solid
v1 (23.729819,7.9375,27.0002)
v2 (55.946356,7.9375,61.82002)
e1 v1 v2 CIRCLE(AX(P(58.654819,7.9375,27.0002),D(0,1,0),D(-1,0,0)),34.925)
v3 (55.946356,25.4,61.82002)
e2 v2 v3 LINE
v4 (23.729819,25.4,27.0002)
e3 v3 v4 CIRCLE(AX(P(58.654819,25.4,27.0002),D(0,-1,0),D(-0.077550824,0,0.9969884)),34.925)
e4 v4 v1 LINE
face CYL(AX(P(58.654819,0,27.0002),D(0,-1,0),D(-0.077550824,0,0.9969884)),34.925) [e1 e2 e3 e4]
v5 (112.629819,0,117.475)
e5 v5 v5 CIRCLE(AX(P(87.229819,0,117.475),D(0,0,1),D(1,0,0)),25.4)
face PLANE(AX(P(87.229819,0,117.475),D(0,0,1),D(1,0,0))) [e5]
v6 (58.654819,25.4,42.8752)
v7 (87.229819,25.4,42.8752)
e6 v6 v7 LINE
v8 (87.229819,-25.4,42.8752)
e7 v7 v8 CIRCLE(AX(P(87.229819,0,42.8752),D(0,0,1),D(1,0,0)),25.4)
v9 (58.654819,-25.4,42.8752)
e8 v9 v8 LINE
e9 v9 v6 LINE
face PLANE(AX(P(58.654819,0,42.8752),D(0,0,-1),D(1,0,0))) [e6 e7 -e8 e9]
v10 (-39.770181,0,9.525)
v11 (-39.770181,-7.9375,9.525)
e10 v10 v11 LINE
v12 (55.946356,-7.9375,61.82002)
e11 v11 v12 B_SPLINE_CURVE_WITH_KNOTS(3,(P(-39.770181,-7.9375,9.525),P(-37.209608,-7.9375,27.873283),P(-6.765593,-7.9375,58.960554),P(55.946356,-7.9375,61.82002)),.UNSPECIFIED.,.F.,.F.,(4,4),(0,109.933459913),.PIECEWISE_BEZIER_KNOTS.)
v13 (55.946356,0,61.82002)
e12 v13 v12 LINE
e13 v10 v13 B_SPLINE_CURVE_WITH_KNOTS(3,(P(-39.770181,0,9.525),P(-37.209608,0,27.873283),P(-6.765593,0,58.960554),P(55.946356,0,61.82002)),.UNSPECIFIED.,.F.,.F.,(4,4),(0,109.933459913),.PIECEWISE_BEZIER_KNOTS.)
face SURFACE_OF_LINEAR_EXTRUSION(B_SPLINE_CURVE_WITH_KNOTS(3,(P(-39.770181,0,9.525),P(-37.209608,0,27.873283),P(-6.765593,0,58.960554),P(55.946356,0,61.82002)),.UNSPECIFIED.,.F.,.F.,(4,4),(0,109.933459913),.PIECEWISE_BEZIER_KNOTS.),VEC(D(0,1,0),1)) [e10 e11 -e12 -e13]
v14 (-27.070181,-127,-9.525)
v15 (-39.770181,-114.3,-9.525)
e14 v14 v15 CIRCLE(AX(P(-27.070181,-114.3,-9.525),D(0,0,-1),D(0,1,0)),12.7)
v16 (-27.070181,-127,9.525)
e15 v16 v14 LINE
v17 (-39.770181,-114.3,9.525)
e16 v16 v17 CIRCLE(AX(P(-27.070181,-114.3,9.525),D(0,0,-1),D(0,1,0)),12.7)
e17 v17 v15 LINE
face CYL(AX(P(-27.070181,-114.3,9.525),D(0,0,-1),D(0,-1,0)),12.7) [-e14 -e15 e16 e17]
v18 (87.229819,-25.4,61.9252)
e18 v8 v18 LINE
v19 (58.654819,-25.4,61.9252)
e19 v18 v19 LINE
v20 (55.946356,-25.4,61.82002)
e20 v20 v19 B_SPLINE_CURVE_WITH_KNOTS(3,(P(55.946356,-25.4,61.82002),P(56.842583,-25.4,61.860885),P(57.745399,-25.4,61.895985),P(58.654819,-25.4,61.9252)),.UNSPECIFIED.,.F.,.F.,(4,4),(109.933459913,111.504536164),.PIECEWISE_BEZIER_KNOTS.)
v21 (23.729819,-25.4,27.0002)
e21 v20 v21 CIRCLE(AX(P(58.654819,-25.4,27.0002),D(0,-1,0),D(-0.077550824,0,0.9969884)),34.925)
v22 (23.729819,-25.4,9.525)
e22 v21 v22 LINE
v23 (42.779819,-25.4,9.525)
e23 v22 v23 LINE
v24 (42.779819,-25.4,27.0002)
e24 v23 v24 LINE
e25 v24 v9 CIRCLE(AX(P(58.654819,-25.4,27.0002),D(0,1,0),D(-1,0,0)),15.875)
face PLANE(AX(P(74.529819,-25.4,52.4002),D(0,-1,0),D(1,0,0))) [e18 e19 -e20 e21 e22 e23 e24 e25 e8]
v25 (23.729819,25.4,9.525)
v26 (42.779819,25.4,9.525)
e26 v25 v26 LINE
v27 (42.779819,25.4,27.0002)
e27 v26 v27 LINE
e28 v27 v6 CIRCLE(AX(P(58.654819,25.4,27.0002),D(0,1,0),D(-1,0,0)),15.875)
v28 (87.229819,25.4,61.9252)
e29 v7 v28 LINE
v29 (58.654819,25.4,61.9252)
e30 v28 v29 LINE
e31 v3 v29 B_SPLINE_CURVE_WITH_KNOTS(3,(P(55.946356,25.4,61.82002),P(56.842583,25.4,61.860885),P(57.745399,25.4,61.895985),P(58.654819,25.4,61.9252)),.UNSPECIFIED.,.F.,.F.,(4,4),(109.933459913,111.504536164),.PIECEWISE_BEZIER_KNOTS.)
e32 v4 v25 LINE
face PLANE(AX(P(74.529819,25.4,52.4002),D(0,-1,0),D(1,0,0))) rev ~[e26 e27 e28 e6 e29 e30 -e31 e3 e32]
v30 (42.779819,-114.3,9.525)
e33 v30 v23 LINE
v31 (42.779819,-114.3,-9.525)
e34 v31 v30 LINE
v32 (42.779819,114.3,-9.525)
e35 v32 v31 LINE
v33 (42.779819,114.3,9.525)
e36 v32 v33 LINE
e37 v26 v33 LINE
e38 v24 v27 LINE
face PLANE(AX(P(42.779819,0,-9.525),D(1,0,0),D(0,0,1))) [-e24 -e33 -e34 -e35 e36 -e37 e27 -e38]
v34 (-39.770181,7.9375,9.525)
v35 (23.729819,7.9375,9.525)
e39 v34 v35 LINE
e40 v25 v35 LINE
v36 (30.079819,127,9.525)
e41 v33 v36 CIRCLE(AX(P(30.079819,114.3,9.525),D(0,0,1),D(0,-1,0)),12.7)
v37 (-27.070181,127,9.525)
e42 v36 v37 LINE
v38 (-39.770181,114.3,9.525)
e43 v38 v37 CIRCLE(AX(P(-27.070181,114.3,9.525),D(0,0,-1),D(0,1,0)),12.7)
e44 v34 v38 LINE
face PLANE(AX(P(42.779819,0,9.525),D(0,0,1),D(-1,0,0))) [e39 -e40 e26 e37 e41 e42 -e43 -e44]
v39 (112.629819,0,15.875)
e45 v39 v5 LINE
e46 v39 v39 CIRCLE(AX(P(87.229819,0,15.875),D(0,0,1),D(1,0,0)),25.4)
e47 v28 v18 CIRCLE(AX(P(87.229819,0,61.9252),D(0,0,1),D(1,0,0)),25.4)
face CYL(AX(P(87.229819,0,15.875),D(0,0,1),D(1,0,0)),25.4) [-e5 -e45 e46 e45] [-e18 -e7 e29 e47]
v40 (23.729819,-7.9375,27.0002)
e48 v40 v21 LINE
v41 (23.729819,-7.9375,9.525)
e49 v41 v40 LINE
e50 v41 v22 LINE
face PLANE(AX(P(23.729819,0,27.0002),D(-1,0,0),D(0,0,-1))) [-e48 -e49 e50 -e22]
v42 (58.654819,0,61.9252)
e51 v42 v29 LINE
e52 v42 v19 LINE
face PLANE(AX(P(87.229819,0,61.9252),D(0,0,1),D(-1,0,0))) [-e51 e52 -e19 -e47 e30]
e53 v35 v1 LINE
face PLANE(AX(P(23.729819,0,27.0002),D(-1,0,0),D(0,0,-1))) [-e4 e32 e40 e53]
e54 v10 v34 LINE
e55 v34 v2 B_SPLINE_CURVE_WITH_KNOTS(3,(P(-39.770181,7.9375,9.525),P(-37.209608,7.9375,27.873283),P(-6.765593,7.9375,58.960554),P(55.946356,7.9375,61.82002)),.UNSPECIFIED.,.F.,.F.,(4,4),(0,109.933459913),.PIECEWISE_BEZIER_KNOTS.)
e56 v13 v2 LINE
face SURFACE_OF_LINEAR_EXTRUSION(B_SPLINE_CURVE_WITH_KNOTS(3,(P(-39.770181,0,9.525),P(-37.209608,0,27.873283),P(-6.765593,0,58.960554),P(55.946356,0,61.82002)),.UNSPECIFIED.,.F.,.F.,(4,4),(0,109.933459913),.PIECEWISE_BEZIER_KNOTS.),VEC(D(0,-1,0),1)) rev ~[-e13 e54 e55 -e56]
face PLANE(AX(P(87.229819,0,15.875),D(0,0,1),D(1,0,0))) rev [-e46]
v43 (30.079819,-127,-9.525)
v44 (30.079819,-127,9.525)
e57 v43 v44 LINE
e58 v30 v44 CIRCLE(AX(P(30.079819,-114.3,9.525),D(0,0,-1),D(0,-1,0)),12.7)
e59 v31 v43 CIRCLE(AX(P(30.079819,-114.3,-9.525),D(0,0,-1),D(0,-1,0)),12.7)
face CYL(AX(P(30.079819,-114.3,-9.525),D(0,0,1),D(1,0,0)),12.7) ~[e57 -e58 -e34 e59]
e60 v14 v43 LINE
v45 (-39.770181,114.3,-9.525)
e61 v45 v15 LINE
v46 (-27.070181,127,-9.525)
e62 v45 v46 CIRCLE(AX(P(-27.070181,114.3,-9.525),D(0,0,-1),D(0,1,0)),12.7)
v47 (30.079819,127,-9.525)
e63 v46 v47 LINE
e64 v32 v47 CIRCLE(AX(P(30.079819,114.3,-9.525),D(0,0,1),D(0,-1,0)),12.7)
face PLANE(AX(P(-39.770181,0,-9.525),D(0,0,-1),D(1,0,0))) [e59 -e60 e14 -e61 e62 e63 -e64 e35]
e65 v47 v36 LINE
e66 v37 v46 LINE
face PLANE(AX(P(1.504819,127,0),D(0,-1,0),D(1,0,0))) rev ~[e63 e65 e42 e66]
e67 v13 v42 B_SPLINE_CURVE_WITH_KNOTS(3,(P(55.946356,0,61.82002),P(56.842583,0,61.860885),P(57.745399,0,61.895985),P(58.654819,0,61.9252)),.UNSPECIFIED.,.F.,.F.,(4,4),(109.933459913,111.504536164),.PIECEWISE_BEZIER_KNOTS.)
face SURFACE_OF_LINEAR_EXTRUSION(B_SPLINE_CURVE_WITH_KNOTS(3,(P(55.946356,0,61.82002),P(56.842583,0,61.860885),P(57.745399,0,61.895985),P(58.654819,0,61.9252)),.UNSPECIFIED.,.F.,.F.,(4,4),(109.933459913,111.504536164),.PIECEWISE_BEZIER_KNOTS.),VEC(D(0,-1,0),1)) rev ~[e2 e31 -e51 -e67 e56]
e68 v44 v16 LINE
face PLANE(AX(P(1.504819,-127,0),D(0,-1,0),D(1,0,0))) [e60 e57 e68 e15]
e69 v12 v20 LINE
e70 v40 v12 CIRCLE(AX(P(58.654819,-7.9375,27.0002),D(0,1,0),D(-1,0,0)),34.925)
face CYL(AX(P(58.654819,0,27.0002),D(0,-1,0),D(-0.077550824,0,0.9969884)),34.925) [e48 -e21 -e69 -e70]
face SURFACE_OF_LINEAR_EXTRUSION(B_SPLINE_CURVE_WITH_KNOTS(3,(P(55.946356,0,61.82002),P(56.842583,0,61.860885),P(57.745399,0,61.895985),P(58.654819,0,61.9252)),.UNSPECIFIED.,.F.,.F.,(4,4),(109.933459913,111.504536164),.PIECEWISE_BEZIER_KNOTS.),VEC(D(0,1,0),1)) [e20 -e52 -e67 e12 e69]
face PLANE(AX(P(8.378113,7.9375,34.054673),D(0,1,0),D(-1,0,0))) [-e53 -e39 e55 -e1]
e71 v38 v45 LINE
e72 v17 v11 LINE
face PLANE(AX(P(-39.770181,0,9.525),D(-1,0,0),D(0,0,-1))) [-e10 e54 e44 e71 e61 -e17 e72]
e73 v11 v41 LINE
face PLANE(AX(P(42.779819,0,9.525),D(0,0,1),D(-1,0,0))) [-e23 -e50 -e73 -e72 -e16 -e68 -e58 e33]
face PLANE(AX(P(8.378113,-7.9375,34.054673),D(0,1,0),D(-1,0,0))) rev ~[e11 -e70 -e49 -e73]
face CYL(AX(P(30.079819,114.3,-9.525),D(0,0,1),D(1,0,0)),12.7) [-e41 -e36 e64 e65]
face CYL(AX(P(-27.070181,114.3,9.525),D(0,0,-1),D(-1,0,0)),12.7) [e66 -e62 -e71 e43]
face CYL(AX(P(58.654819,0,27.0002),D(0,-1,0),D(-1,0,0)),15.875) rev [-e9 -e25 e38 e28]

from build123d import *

# Parameters (mm, degrees)
F1_DEPTH = 127
F0_W     = 25.4
F0_H     = 19.05
F2_DEPTH = 25.4
F3_DEPTH = 7.9375
F5_R     = 12.7


with BuildPart() as f1:
    # F0 (on Front) → F1 (new body, symmetric)
    with BuildSketch(Plane.XZ):
        Polygon((23.7298189036, 9.525), (-39.7701810964, 9.525), (-39.7701810964, -9.525), (42.7798189036, -9.525), (42.7798189036, 9.525), align=None)
    extrude(amount=F1_DEPTH, both=True)

    # F0 (on Front) → F2 (join, symmetric)
    with BuildSketch(Plane.XZ):
        with Locations((74.5298189036, 52.4002)):
            Rectangle(F0_W, F0_H)
        with BuildLine():
            Line((23.7298189036, 27.0002), (23.7298189036, 9.525))
            Line((23.7298189036, 9.525), (42.7798189036, 9.525))
            Line((42.7798189036, 9.525), (42.7798189036, 27.0002))
            ThreePointArc((42.7798189036, 27.0002), (47.4294987522, 38.2255201513), (58.6548189036, 42.8752))
            Line((58.6548189036, 42.8752), (61.8298189036, 42.8752))
            Line((61.8298189036, 42.8752), (61.8298189036, 61.9252))
            Line((61.8298189036, 61.9252), (58.6548189036, 61.9252))
            add(Edge.make_bspline(
                [(55.9463563883, 61.8200198703), (56.8425826502, 61.8608849379), (57.7453992228, 61.8959848389), (58.6548189036, 61.9252)],
                knots=[109.933459913, 109.933459913, 109.933459913, 109.933459913, 111.5045361635, 111.5045361635, 111.5045361635, 111.5045361635], degree=3))
            ThreePointArc((55.9463563883, 61.8200198703), (33.0194070837, 50.7189960451), (23.7298189036, 27.0002))
        make_face()
    extrude(amount=F2_DEPTH, both=True)

    # F0 (on Front) → F3 (join, symmetric)
    with BuildSketch(Plane.XZ):
        with BuildLine():
            add(Edge.make_bspline(
                [(-39.7701810964, 9.525), (-37.2096076888, 27.8732826741), (-6.7655926965, 58.9605544136), (55.9463563883, 61.8200198703)],
                knots=[0, 0, 0, 0, 109.933459913, 109.933459913, 109.933459913, 109.933459913], degree=3))
            Line((-39.7701810964, 9.525), (23.7298189036, 9.525))
            Line((23.7298189036, 9.525), (23.7298189036, 27.0002))
            ThreePointArc((23.7298189036, 27.0002), (33.0194070837, 50.7189960451), (55.9463563883, 61.8200198703))
        make_face()
    extrude(amount=F3_DEPTH, both=True)

    # F0 (on Front) → F4 (revolve)
    with BuildSketch(Plane.XZ):
        Polygon((87.2298189036, 117.475), (87.2298189036, 61.9252), (87.2298189036, 42.8752), (87.2298189036, 15.875), (112.6298189036, 15.875), (112.6298189036, 117.475), align=None)
    revolve(axis=Axis((87.2298189036, 0, 66.675), (0, 0, 1)))

    # F5
    f5_edges = [f1.edges().sort_by_distance(p)[0] for p in [
        (-39.770181, -127, 0),
        (42.779819, -127, 0),
        (42.779819, 127, 0),
        (-39.770181, 127, 0),
    ]]
    fillet(f5_edges, radius=F5_R)


solid = f1.part
